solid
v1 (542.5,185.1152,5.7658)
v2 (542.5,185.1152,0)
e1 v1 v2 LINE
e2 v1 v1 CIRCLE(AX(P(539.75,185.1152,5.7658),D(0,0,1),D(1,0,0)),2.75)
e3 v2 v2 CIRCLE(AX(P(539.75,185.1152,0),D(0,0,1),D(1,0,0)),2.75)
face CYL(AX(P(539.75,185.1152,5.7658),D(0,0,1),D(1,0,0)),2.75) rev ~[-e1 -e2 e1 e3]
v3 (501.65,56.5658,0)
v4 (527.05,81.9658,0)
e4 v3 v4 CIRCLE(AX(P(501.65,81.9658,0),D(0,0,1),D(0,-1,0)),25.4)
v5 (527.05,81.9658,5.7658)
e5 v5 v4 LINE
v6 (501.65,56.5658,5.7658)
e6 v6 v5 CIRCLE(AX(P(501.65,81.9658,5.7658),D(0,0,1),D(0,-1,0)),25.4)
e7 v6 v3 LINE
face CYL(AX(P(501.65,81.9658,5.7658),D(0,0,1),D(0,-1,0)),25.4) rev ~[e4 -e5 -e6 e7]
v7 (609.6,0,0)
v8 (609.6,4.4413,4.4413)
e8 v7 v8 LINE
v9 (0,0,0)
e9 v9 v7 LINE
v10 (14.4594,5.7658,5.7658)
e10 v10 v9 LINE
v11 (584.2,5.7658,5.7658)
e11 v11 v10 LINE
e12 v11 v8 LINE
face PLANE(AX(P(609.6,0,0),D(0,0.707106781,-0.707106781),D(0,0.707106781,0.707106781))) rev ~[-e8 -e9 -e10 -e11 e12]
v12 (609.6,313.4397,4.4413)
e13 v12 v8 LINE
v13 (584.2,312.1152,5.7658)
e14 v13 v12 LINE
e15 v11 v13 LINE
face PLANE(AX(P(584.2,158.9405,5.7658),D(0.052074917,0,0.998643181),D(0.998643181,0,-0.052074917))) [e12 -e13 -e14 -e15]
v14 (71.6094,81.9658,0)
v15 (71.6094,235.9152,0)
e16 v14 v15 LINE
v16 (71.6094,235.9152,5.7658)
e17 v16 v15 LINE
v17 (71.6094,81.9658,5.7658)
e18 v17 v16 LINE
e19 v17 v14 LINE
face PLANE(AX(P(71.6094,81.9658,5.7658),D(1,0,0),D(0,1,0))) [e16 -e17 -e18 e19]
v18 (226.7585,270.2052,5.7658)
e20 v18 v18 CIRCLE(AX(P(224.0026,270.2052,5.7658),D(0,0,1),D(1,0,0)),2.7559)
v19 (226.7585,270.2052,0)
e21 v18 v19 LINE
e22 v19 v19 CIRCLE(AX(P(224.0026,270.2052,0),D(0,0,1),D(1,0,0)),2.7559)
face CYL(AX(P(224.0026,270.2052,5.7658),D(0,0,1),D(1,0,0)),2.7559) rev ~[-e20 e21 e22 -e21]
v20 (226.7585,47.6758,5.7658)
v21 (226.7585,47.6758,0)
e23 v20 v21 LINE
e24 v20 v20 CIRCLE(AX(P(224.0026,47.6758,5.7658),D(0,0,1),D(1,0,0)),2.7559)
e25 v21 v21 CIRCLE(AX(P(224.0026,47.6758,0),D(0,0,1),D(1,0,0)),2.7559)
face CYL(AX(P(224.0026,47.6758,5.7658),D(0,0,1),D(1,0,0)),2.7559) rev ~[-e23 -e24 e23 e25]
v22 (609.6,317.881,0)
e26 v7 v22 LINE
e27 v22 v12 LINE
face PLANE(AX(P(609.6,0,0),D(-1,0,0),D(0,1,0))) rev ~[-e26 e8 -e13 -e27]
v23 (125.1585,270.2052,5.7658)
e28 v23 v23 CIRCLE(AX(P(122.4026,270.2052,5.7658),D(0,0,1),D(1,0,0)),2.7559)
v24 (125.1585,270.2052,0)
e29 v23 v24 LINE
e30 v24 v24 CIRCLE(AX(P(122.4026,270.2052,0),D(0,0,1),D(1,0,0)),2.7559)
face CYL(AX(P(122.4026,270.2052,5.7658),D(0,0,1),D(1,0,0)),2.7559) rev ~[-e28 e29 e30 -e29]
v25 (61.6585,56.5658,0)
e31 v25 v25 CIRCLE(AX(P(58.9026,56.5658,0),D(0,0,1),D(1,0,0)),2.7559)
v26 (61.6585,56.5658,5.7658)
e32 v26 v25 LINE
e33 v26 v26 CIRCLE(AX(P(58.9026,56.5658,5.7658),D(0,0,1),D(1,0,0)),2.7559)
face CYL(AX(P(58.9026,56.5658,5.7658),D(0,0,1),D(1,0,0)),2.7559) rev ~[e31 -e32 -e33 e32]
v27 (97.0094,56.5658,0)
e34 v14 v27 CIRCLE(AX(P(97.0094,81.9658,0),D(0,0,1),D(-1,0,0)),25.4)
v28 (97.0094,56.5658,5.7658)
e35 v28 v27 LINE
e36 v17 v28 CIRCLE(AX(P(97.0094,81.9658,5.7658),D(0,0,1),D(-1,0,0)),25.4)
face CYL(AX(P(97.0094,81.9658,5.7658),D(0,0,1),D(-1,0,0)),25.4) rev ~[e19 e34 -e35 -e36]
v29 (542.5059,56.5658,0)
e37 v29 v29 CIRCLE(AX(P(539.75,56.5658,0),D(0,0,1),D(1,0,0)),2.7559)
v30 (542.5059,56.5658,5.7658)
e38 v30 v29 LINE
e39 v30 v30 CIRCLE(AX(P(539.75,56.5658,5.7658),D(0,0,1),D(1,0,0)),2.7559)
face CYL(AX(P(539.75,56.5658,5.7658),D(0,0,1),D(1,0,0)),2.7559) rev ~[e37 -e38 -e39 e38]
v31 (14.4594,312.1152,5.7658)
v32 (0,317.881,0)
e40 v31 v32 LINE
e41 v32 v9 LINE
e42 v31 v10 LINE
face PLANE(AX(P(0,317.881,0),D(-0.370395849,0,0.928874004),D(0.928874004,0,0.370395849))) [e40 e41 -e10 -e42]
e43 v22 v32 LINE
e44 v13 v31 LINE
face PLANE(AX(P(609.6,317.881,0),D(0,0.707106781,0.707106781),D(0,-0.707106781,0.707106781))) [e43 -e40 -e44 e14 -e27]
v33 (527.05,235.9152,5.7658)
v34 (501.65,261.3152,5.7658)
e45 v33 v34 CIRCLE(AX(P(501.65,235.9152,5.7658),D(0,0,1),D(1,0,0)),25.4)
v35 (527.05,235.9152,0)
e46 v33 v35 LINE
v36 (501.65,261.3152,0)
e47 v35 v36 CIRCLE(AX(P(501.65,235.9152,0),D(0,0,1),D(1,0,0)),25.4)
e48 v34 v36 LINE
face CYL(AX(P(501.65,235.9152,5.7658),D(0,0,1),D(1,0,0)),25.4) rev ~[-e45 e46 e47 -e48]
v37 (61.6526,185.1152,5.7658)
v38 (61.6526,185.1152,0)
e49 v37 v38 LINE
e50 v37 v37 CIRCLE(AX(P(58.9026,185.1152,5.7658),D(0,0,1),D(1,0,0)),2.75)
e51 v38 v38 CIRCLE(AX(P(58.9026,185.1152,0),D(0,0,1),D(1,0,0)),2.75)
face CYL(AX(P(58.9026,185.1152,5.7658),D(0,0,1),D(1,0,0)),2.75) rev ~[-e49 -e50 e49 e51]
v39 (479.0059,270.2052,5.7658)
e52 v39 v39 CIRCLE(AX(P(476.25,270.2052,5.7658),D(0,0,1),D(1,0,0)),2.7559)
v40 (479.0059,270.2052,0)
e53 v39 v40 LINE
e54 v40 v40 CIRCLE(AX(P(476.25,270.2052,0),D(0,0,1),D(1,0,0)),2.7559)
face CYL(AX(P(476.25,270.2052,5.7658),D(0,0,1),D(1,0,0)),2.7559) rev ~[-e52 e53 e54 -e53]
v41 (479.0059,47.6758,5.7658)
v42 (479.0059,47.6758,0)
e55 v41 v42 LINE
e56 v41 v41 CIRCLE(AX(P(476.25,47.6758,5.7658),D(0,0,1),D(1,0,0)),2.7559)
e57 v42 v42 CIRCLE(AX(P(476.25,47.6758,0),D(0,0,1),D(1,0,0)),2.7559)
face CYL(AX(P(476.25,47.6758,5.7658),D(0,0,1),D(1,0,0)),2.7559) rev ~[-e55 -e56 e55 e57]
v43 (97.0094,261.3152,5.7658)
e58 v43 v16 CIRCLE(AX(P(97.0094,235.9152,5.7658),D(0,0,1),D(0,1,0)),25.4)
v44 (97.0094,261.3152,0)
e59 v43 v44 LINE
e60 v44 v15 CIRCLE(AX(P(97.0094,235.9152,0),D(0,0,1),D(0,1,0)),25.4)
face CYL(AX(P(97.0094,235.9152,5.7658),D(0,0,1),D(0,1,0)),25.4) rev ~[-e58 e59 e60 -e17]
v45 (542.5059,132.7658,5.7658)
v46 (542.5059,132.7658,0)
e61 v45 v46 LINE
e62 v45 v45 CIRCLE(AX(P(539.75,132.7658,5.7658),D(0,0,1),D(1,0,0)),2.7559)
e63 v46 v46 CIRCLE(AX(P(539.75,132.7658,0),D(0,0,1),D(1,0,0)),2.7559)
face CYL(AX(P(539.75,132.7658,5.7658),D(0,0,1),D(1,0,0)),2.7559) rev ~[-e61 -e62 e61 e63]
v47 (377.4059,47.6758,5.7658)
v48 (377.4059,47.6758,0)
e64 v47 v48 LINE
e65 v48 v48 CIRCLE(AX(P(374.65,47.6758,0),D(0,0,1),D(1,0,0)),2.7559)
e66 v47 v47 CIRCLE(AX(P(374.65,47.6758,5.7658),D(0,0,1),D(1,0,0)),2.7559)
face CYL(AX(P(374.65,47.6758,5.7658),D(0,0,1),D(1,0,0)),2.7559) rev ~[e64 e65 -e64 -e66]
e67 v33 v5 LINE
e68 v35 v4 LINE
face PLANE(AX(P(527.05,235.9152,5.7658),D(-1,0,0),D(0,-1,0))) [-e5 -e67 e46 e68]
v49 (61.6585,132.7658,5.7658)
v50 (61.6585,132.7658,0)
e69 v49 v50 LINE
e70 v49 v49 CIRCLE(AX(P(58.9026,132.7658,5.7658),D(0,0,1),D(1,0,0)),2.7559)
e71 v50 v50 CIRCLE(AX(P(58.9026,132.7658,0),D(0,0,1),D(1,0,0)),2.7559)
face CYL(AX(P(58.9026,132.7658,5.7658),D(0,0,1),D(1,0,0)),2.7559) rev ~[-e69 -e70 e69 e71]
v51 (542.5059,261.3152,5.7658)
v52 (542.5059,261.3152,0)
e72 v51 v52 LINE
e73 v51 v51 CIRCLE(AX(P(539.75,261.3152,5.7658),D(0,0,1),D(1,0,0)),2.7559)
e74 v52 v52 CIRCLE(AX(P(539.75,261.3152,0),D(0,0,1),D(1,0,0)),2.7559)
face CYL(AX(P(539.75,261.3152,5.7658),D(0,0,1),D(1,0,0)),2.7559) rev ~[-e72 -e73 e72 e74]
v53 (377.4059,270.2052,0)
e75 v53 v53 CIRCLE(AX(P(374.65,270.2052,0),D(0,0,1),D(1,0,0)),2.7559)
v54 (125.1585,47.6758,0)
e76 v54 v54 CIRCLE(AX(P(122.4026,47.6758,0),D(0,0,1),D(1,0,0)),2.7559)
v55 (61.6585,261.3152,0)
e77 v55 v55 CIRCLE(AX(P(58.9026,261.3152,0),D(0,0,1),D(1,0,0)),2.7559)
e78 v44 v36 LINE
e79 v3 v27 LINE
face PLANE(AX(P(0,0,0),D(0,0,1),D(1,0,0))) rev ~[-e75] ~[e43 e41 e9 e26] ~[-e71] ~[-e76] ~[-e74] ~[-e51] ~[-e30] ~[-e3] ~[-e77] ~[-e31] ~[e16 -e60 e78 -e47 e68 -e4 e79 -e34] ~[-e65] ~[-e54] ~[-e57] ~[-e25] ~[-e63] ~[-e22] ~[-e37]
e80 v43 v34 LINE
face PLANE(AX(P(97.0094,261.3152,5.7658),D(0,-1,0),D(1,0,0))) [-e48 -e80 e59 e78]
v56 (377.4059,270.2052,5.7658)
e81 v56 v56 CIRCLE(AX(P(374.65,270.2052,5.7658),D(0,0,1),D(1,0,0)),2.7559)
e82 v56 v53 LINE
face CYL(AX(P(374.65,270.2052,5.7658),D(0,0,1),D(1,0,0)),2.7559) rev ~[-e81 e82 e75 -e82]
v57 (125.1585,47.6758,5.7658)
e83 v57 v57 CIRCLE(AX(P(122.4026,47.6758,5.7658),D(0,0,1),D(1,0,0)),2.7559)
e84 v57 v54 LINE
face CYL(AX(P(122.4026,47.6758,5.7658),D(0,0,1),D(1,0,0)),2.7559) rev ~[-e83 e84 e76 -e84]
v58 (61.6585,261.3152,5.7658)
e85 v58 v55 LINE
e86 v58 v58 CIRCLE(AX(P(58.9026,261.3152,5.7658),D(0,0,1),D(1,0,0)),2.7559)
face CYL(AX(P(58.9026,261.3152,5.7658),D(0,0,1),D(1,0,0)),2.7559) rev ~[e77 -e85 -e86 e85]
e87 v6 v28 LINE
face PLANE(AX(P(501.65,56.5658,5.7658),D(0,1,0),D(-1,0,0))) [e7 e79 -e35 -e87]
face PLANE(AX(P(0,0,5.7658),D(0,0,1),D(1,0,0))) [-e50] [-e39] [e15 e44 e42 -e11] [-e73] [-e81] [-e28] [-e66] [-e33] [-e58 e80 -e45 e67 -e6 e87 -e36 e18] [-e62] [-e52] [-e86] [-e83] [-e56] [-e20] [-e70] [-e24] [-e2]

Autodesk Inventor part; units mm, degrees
ref_plane "YZ Plane" through (0, 0, 0) normal (1, 0, 0) x (0, 1, 0)
ref_plane "XY Plane" through (0, 0, 0) normal (0, 0, 1) x (1, 0, 0)
sketch "Sketch1" plane through (0, 0, 0) normal (0, 0, 1) x (1, 0, 0)
  line L0 (0, 0) -> (609.6, 0)
  line L1 (609.6, 0) -> (609.6, 317.881)
  line L2 (609.6, 317.881) -> (0, 317.881)
  line L3 (0, 317.881) -> (0, 0)
  dimension "d0" = 609.6
  dimension "d1" = 317.881
extrude "Extrusion1" add sketch "Sketch1" along normal blind 5.7658
sketch "Sketch2" plane through (0, 317.881, 0) normal (0, 1, 0) x (1, 0, 0)
  line L0 (609.6, 0) -> (0, 0) projected
  line L1 (0, 0) -> (0, -5.7658) projected
  line L2 (609.6, -5.7658) -> (0, -5.7658) projected
  line L3 (609.6, 0) -> (609.6, -5.7658) projected
  line L4 (0, 0) -> (609.6, 0) projected
  line L5 (0, 0) -> (14.4594, -5.7658)
  line L6 (0, -5.7658) -> (609.6, -5.7658) projected
  line L7 (14.4594, -5.7658) -> (14.4594, 0)
  line L8 (14.4594, -5.7658) -> (20.2252, -5.7658) construction
  dimension "d4" = 21.74
  dimension "d5" = 90
extrude "Extrusion2" cut sketch "Sketch2" against normal through all contours L5 L2 L1
sketch "Sketch3" plane through (609.6, 0, 0) normal (1, 0, 0) x (0, 0, -1)
  line L0 (0, 0) -> (0, 317.881) projected
  line L1 (0, 317.881) -> (-5.7658, 317.881) projected
  line L2 (-5.7658, 0) -> (-5.7658, 317.881) projected
  line L3 (0, 0) -> (-5.7658, 0) projected
  line L4 (0, 0) -> (-5.7658, 0) projected
  line L5 (0, 0) -> (-5.7658, 5.7658)
  line L6 (-5.7658, 0) -> (-5.7658, 317.881) projected
  line L7 (0, 0) -> (8.1541, 0) construction
  line L8 (0, 317.881) -> (-5.7658, 317.881) projected
  line L9 (0, 317.881) -> (-5.7658, 312.1152)
  line L10 (0, 317.881) -> (8.1541, 317.881) construction
  dimension "d8" = 135
  dimension "d9" = 135
extrude "Extrusion3" cut sketch "Sketch3" against normal through all contours L3 L2 L5 | L9 L2 L1
ref_plane "Center Plane" through (0, 158.9405, 0) normal (0, 1, 0) x (-1, 0, 0)
sketch "Sketch4" plane through (0, 158.9405, 0) normal (0, 1, 0) x (-1, 0, 0)
  line L0 (-14.4594, 5.7658) -> (0, 0) projected
  line L1 (-609.6, 5.7658) -> (-14.4594, 5.7658) projected
  line L2 (-609.6, 0) -> (-609.6, 5.7658) projected
  line L3 (-609.6, 0) -> (0, 0) projected
  line L4 (-609.6, 5.7658) -> (-584.2, 5.7658) construction
  line L5 (-609.6, 5.7658) -> (-14.4594, 5.7658) construction
  line L6 (-584.2, 5.7658) -> (-609.6, 4.4413)
  point P0 (0, 0)
  dimension "d13" = 25.4
  dimension "d14" = 2.985
extrude "Extrusion4" cut sketch "Sketch4" against normal through all both and the other way through all contours L6 L2 L1
sketch "Sketch5" plane through (0, 0, 5.7658) normal (0, 0, 1) x (1, 0, 0)
  line L0 (97.0094, 261.3152) -> (501.65, 261.3152)
  line L1 (527.05, 235.9152) -> (527.05, 81.9658)
  line L2 (501.65, 56.5658) -> (97.0094, 56.5658)
  line L3 (71.6094, 81.9658) -> (71.6094, 235.9152)
  line L4 (584.2, 312.1152) -> (14.4594, 312.1152) projected
  line L5 (14.4594, 5.7658) -> (584.2, 5.7658) projected
  line L6 (584.2, 5.7658) -> (584.2, 312.1152) projected
  line L7 (14.4594, 312.1152) -> (14.4594, 5.7658) projected
  arc A0 (97.0094, 261.3152) -> (71.6094, 235.9152) centre (97.0094, 235.9152) ccw
  arc A1 (527.05, 235.9152) -> (501.65, 261.3152) centre (501.65, 235.9152) ccw
  arc A2 (501.65, 56.5658) -> (527.05, 81.9658) centre (501.65, 81.9658) ccw
  arc A3 (71.6094, 81.9658) -> (97.0094, 56.5658) centre (97.0094, 81.9658) ccw
  point P0 (0, 0)
  dimension "d18" = 50.8
  dimension "d19" = 50.8
  dimension "d20" = 57.15
  dimension "d21" = 57.15
  dimension "d22" = 25.4
extrude "Extrusion5" cut sketch "Sketch5" against normal through all contours L0 A1 L1 A2 L2 A3 L3 A0
sketch "Sketch6" plane through (0, 0, 5.7658) normal (0, 0, 1) x (1, 0, 0)
  circle A0 centre (539.75, 56.5658) radius 2.7559
  circle A1 centre (539.75, 132.7658) radius 2.7559
  circle A2 centre (539.75, 185.1152) radius 2.75
  circle A3 centre (539.75, 261.3152) radius 2.7559
  line L0 (527.05, 235.9152) -> (527.05, 81.9658) projected
  line L1 (501.65, 56.5658) -> (97.0094, 56.5658) projected
  circle A4 centre (58.9026, 56.5658) radius 2.7559
  circle A5 centre (58.9026, 132.7658) radius 2.7559
  circle A6 centre (58.9026, 185.1152) radius 2.75
  circle A7 centre (58.9026, 261.3152) radius 2.7559
  circle A8 centre (476.25, 47.6758) radius 2.7559
  circle A9 centre (374.65, 47.6758) radius 2.7559
  circle A10 centre (224.0026, 47.6758) radius 2.7559
  circle A11 centre (122.4026, 47.6758) radius 2.7559
  circle A12 centre (476.25, 270.2052) radius 2.7559
  circle A13 centre (374.65, 270.2052) radius 2.7559
  circle A14 centre (224.0026, 270.2052) radius 2.7559
  circle A15 centre (122.4026, 270.2052) radius 2.7559
  point P0 (0, 0)
  dimension "d25" = 5.5118
  dimension "d26" = 5.5118
  dimension "d27" = 5.5
  dimension "d28" = 5.5118
  dimension "d29" = 12.7
  dimension "d30" = 25.4
  dimension "d31" = 76.2
  dimension "d32" = 52.3494
  dimension "d33" = 76.2
  dimension "d34" = 12.7
  dimension "d35" = 12.7
  dimension "d36" = 12.7
  dimension "d39" = 480.8474
  dimension "d44" = 5.5118
  dimension "d45" = 5.5118
  dimension "d46" = 5.5118
  dimension "d48" = 63.5
  dimension "d49" = 8.89
  dimension "d50" = 8.89
  dimension "d51" = 8.89
  dimension "d53" = 101.6
  dimension "d54" = 150.6474
  dimension "d55" = 5.5118
  dimension "d56" = 101.6
  dimension "d57" = 8.89
  dimension "d63" = 222.5294
extrude "Extrusion6" cut sketch "Sketch6" against normal through all
properties part number "Wind Tunnel Test Section Front" material "Polycarbonate, Clear"
